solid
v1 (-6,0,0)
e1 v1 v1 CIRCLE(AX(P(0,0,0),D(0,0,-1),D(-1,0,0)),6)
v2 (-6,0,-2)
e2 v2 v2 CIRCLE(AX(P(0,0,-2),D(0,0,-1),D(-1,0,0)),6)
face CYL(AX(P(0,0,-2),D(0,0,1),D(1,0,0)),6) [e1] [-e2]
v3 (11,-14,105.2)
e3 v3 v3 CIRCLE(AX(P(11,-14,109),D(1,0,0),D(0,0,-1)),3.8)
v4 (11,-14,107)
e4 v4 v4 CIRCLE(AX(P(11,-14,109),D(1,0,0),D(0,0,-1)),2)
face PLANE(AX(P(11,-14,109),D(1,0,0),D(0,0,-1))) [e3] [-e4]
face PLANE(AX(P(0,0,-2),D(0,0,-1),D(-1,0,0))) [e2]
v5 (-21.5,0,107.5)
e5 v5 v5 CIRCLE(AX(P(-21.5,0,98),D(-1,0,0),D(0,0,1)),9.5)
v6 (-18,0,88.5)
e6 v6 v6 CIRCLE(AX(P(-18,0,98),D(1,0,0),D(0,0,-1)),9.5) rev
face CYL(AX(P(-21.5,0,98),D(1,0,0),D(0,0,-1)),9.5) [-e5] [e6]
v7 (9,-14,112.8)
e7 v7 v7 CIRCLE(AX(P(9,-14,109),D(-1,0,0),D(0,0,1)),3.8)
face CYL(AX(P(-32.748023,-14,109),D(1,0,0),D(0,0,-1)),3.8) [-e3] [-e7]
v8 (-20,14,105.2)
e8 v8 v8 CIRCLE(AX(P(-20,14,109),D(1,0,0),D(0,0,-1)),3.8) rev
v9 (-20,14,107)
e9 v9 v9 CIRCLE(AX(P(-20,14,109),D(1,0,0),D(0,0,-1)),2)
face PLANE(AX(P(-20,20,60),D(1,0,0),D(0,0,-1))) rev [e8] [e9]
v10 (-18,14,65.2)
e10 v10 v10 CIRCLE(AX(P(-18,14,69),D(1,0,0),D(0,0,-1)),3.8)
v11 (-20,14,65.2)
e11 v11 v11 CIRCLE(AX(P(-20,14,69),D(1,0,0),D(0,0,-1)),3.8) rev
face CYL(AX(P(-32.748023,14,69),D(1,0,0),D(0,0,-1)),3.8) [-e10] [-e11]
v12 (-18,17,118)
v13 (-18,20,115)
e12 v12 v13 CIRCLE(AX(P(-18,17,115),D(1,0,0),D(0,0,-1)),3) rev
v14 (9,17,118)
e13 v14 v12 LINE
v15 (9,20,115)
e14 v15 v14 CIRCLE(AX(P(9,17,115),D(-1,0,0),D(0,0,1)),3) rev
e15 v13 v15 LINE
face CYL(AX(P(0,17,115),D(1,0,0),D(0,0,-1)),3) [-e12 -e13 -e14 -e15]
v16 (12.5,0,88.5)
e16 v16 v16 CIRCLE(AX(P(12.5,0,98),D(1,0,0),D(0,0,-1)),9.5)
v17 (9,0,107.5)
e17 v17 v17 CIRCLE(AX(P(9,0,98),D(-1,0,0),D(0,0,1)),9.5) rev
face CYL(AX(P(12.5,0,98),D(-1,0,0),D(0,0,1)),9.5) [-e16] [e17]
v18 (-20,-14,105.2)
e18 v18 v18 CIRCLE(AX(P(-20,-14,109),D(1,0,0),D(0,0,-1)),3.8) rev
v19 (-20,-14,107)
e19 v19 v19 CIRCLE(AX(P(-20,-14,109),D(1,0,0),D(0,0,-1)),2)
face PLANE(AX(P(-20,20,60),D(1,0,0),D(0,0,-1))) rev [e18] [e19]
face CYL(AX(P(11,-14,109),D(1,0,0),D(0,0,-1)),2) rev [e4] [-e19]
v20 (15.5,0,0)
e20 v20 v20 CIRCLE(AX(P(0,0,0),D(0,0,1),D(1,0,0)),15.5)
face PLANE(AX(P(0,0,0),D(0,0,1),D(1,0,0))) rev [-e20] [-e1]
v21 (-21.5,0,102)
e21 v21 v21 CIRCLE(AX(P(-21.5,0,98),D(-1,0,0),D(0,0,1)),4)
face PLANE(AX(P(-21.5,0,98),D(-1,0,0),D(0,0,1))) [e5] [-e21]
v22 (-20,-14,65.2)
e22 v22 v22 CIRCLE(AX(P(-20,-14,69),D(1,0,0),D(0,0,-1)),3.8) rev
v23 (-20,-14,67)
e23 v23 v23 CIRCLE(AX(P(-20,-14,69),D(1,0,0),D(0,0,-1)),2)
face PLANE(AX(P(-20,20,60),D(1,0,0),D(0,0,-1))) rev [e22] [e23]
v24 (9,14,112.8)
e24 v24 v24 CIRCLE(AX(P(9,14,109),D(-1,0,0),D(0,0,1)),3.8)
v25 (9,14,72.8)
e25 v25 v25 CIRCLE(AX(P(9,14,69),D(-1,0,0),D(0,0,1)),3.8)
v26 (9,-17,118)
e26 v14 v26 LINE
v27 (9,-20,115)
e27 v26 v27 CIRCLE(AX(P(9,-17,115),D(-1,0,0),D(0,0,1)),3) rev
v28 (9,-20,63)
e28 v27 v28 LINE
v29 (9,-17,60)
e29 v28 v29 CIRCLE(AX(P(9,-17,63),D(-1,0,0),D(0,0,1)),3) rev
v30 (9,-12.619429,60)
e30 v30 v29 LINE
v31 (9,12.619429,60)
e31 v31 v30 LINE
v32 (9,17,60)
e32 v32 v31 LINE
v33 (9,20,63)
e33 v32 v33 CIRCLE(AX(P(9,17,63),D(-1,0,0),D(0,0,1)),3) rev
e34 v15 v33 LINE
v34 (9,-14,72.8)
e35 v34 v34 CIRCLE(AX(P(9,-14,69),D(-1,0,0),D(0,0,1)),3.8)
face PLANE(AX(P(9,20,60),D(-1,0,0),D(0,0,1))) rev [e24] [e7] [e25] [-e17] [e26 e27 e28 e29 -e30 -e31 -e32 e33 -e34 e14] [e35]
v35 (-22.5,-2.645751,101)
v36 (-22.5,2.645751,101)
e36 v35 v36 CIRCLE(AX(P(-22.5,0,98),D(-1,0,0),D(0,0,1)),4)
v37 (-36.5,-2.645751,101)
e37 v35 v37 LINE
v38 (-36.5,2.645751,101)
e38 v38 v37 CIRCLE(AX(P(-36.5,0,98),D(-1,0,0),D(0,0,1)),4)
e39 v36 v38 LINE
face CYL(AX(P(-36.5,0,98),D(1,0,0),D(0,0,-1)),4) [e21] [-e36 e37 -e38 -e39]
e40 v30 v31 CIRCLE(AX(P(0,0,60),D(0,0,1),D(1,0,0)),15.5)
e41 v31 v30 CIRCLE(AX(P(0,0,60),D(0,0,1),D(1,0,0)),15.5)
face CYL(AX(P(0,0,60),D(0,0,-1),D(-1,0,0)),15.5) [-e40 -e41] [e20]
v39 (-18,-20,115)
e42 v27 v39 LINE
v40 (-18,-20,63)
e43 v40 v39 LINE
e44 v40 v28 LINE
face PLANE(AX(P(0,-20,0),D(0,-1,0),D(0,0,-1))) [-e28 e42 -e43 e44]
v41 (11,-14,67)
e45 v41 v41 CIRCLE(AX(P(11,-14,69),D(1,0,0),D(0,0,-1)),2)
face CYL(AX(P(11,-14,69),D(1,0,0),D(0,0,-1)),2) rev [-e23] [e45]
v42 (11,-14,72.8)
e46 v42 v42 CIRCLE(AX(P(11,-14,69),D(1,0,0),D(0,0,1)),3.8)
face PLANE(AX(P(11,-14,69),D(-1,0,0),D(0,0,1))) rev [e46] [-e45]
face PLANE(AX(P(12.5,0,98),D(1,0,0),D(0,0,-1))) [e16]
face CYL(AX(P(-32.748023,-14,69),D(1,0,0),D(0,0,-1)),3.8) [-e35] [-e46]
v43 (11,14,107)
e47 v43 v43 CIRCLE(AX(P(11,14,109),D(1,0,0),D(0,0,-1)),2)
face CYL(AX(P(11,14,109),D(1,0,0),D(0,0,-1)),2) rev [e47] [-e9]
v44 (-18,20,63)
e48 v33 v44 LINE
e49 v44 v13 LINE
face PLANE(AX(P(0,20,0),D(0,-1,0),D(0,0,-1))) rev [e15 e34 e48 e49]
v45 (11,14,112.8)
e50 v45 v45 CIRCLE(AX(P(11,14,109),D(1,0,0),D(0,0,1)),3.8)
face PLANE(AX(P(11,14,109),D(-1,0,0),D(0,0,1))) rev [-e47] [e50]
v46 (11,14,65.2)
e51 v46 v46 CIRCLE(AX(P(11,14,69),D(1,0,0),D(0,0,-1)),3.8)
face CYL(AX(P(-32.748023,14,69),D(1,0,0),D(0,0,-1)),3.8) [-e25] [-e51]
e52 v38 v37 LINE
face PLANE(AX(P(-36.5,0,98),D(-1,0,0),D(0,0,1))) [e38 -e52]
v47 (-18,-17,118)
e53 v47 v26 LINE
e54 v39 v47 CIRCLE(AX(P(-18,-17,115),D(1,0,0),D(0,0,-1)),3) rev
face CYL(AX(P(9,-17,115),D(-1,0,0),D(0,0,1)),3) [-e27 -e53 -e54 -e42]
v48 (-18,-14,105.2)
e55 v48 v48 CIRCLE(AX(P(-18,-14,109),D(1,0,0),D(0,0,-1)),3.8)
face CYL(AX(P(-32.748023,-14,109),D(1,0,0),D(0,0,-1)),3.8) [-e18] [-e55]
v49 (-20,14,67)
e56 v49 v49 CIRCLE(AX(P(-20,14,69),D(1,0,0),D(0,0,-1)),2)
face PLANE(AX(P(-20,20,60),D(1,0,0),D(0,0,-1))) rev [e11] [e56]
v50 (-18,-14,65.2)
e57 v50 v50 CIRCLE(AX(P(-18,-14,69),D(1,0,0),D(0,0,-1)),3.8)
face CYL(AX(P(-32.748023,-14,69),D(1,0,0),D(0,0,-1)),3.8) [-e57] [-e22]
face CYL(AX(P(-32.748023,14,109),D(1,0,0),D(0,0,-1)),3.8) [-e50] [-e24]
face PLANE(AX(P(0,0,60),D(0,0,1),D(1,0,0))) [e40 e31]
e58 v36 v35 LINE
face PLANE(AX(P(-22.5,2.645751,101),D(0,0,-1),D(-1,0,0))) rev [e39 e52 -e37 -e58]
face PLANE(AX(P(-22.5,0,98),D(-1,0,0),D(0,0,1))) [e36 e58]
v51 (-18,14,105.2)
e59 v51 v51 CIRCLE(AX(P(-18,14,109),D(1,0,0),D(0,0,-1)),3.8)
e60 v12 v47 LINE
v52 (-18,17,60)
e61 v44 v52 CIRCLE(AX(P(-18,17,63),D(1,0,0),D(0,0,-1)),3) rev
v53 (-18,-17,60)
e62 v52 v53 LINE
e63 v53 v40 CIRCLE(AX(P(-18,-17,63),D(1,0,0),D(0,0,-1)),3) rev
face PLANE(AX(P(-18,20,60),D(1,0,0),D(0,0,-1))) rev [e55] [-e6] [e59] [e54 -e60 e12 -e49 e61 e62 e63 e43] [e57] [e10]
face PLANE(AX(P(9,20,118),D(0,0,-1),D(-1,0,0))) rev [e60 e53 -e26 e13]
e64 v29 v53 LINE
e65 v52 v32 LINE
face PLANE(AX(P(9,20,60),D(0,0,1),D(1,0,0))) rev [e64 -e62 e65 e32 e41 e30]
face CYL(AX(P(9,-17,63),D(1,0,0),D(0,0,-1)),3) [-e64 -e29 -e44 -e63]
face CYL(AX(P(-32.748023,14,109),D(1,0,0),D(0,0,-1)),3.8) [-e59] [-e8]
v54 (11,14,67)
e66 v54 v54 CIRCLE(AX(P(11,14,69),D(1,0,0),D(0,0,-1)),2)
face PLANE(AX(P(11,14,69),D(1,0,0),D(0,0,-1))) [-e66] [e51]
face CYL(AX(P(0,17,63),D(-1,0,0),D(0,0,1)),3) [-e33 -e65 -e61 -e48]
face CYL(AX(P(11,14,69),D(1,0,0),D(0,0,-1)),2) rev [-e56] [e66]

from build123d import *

# Parameters (mm, degrees)
SKETCH1_R                = 15.5
BOSS_EXTRUDE1_DEPTH      = 60
SKETCH2_R                = 6
BOSS_EXTRUDE2_DEPTH      = 2
SKETCH3_W                = 27
SKETCH3_H                = 58
BOSS_EXTRUDE3_DEPTH      = 20
SKETCH4_R                = 9.5
BOSS_EXTRUDE4_DEPTH      = 3.5
BOSS_EXTRUDE5_START      = 3.5
SKETCH6_R                = 9.5
BOSS_EXTRUDE5_DEPTH      = 3.5
SKETCH7_R                = 4
BOSS_EXTRUDE6_DEPTH      = 15
CUT_EXTRUDE1_START       = -14
CUT_EXTRUDE1_DEPTH       = 14
BOSS_EXTRUDE7_DEPTH      = 2
BOSS_EXTRUDE7_DEPTH_BACK = 29
SKETCH10_R               = 3.8
F_4_0MM_DOWEL_HOLE1_D    = 4
FILLET1_R                = 3


with BuildPart() as part:
    # Sketch1 → Boss-Extrude1 (new body)
    with BuildSketch(Plane.XY):
        Circle(SKETCH1_R)
    extrude(amount=BOSS_EXTRUDE1_DEPTH)

    # Sketch2 → Boss-Extrude2 (add)
    with BuildSketch(Plane(origin=(0, 0, 0), x_dir=(-1, 0, 0), z_dir=(0, 0, -1))):
        Circle(SKETCH2_R)
    extrude(amount=BOSS_EXTRUDE2_DEPTH)

    # Sketch3 → Boss-Extrude3 (add, symmetric)
    with BuildSketch(Plane(origin=(0, 0, 0), x_dir=(1, 0, 0), z_dir=(0, 1, 0))):
        with Locations((-4.5, -89)):
            Rectangle(SKETCH3_W, SKETCH3_H)
    extrude(amount=BOSS_EXTRUDE3_DEPTH, both=True)

    # Sketch4 → Boss-Extrude4 (add)
    with BuildSketch(Plane.ZY.offset(18)):
        with Locations(Location((98, 0, 0), (0, 0, 180))):
            Circle(SKETCH4_R)
    extrude(amount=BOSS_EXTRUDE4_DEPTH)

    # Sketch6 → Boss-Extrude5 (add)
    with BuildSketch(Plane(origin=(9, 0, 0), x_dir=(0, 0, -1), z_dir=(1, 0, 0)).offset(BOSS_EXTRUDE5_START)):
        with Locations((-98, 0)):
            Circle(SKETCH6_R)
    extrude(amount=-BOSS_EXTRUDE5_DEPTH)

    # Sketch7 → Boss-Extrude6 (add)
    with BuildSketch(Plane.ZY.offset(21.5)):
        with Locations((98, 0)):
            Circle(SKETCH7_R)
    extrude(amount=BOSS_EXTRUDE6_DEPTH)

    # Sketch8 → Cut-Extrude1 (cut)
    with BuildSketch(Plane.ZY.offset(36.5).offset(CUT_EXTRUDE1_START)):
        with BuildLine():
            Line((101, 2.645751311), (101, -2.645751311))
            ThreePointArc((101, -2.645751311), (102, 0), (101, 2.645751311))
        make_face()
    extrude(amount=CUT_EXTRUDE1_DEPTH, mode=Mode.SUBTRACT)

    # Sketch10 → Boss-Extrude7 (add, two sides: drawn at the far end of the back side and taken through both)
    with BuildSketch(Plane(origin=(9, 0, 0), x_dir=(0, 0, -1), z_dir=(1, 0, 0)).offset(-BOSS_EXTRUDE7_DEPTH_BACK)):
        with Locations((-69, 14)):
            Circle(SKETCH10_R)
        with Locations((-109, 14)):
            Circle(SKETCH10_R)
        with Locations((-69, -14)):
            Circle(SKETCH10_R)
        with Locations((-109, -14)):
            Circle(SKETCH10_R)
    extrude(amount=BOSS_EXTRUDE7_DEPTH + BOSS_EXTRUDE7_DEPTH_BACK)

    # Ø4.0mm Dowel Hole1 (through all)
    with Locations(Plane(origin=(11, 0, 0), x_dir=(0, 0, -1), z_dir=(1, 0, 0))):
        with Locations((-109, 14), (-69, 14), (-69, -14), (-109, -14)):
            Hole(F_4_0MM_DOWEL_HOLE1_D / 2)

    # Fillet1
    fillet1_edges = [part.edges().sort_by_distance(p)[0] for p in [
        (-4.5, -20, 60),
        (-4.5, -20, 118),
        (-4.5, 20, 60),
        (-4.5, 20, 118),
    ]]
    fillet(fillet1_edges, radius=FILLET1_R)


solid = part.part
